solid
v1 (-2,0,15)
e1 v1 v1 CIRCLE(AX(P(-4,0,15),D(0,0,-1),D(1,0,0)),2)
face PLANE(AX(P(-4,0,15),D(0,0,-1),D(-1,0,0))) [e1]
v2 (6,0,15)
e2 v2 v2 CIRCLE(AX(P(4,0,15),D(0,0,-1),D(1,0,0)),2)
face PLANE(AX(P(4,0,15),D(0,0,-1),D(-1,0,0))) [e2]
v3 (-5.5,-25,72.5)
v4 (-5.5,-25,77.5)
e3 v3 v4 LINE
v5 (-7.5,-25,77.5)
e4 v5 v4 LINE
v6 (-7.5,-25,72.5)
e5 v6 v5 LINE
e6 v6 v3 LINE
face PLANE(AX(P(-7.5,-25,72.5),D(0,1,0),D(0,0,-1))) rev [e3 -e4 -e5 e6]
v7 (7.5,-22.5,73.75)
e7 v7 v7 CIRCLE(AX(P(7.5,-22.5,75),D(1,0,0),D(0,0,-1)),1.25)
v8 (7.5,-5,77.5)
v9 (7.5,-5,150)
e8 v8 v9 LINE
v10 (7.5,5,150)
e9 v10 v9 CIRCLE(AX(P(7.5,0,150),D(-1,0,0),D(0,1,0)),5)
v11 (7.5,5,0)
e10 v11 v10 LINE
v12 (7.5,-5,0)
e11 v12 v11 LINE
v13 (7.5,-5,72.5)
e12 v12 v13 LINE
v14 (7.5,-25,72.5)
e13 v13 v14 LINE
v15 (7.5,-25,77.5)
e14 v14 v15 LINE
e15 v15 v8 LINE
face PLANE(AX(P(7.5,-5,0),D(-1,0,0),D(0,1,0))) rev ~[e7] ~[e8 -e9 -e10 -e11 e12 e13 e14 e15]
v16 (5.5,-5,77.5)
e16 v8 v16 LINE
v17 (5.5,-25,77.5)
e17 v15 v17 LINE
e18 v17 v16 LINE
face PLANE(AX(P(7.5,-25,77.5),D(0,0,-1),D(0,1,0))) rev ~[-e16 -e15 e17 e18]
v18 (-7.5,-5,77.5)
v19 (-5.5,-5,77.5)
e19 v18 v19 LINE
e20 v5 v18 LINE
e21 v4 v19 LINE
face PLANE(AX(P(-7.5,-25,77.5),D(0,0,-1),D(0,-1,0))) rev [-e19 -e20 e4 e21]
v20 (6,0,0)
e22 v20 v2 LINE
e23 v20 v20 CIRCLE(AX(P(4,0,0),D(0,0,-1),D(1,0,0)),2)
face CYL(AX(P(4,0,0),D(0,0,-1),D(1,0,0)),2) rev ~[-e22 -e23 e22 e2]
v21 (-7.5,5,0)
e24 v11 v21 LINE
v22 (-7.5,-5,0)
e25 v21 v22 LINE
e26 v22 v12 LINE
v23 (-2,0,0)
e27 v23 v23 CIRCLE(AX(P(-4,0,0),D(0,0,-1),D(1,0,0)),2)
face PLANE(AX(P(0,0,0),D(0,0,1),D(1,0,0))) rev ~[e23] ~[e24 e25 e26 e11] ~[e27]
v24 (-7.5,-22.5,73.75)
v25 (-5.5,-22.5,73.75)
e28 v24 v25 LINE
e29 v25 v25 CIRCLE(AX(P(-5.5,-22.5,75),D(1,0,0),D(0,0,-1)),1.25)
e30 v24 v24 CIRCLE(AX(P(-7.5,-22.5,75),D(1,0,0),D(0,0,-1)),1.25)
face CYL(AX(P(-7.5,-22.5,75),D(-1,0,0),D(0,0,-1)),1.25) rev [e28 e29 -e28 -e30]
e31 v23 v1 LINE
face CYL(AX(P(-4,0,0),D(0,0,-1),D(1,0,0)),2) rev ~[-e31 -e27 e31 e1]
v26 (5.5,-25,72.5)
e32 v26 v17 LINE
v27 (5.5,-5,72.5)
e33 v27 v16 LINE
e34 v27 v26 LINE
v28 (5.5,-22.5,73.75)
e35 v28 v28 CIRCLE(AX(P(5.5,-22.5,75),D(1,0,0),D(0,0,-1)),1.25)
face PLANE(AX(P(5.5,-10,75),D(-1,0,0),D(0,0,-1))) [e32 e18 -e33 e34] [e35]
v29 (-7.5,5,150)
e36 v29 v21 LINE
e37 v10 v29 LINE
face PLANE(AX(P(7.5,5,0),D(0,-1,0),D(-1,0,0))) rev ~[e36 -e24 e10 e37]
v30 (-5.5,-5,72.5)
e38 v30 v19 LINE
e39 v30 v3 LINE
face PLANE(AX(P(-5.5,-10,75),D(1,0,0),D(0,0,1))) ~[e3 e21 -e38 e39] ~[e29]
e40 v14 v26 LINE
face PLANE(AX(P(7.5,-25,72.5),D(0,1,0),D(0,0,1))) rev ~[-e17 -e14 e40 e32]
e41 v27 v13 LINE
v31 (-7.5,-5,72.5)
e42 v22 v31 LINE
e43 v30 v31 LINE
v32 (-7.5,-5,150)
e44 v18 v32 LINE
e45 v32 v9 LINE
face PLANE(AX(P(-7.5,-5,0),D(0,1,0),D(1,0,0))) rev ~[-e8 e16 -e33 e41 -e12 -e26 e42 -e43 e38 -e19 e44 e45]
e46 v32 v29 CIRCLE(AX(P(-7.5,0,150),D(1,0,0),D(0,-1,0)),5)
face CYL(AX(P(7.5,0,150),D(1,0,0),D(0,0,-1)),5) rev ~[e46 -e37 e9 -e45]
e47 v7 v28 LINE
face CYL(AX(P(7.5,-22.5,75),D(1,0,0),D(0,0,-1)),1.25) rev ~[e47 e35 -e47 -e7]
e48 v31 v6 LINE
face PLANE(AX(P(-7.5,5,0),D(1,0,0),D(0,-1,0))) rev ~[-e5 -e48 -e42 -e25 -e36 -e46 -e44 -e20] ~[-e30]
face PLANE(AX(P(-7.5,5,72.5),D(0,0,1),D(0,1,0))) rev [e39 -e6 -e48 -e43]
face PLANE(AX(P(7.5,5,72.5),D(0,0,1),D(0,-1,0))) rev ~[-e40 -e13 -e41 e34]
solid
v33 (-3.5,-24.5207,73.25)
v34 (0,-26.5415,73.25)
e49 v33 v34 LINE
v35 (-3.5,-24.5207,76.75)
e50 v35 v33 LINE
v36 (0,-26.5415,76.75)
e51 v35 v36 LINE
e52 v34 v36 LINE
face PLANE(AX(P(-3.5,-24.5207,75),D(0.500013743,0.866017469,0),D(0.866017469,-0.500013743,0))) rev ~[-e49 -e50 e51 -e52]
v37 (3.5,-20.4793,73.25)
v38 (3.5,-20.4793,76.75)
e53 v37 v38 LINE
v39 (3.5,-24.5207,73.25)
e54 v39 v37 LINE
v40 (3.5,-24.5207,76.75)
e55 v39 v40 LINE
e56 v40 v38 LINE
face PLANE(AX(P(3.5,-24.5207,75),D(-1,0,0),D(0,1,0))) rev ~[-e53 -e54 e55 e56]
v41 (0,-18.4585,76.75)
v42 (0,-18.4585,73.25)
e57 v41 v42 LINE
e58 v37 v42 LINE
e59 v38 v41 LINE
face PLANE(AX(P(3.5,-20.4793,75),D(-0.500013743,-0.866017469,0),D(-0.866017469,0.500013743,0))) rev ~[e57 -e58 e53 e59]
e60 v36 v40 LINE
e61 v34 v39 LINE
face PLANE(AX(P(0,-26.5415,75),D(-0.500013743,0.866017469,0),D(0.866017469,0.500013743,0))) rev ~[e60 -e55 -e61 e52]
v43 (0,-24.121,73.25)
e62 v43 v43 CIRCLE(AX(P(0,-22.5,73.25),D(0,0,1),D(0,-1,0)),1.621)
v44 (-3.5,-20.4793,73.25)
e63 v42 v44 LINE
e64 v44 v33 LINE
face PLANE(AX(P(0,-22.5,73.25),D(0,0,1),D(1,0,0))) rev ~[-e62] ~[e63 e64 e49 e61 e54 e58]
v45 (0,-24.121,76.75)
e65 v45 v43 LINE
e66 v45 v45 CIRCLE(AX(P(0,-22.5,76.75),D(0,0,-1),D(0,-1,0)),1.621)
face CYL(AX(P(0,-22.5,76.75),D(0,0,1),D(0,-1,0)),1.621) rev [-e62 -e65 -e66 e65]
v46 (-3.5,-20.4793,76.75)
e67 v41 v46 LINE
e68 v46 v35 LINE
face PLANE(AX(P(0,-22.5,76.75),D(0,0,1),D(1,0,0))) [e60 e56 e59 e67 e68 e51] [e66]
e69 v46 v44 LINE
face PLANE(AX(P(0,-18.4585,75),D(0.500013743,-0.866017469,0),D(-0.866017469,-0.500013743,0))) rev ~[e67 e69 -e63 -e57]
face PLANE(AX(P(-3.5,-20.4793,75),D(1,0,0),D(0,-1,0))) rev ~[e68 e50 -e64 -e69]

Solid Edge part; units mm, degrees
sketch "Sketch1" plane through (0, 0, 0) normal (0, 0, 1) x (1, 0, 0)
  line L0 (-7.5, -5) -> (7.5, -5)
  line L1 (7.5, -5) -> (7.5, 5)
  line L2 (7.5, 5) -> (-7.5, 5)
  line L3 (-7.5, 5) -> (-7.5, -5)
extrude "Protrusion1" add sketch "Sketch1" along normal blind 150
sketch "Sketch2" plane through (7.5, 0, 75) normal (1, 0, 0) x (0, 0, -1)
  circle A0 centre (-75, 0) radius 5
extrude "Cutout1" cut sketch "Sketch2" against normal up to next
sketch "Sketch3" plane through (7.5, 0, 75) normal (1, 0, 0) x (0, 0, -1)
  line L0 (0, 5) -> (2.5, 5)
  line L1 (2.5, 5) -> (2.5, -25)
  line L2 (2.5, -25) -> (-2.5, -25)
  line L3 (-2.5, -25) -> (-2.5, 5)
  line L4 (-2.5, 5) -> (0, 5)
extrude "Wyciągnięcie_9" add sketch "Sketch3" against normal blind 2
mirror "Mirror1" about plane through (0, 0, 36.25) normal (1, 0, 0) of "Wyciągnięcie_9"
sketch "Sketch4" plane through (7.5, -10, 75) normal (1, 0, 0) x (0, 0, -1)
  circle A0 centre (0, -12.5) radius 1.25
  dimension "D1" = 2.5
extrude "Cutout2" cut sketch "Sketch4" against normal up to next
mirror "Mirror2" about plane through (0, -10, 75) normal (1, 0, 0) of "Cutout2"
sketch "Sketch5" plane through (-6.5, -15, 75) normal (0, 0, 1) x (0, -1, 0)
  line L0 (9.5207, 3) -> (11.5415, 6.5)
  line L1 (11.5415, 6.5) -> (9.5207, 10)
  line L2 (9.5207, 10) -> (5.4793, 10)
  line L3 (5.4793, 10) -> (3.4585, 6.5)
  line L4 (3.4585, 6.5) -> (5.4793, 3)
  line L5 (5.4793, 3) -> (9.5207, 3)
extrude "Wyciągnięcie_11" add sketch "Sketch5" along normal mid plane 3.5
hole "Otwór_4" at (0, -22.5, 76.75) direction (0, 0, -1) diameter 3.242 end up to next
sketch "Sketch6" plane through (0, 0, 0) normal (0, 0, -1) x (1, 0, 0)
  circle A0 centre (-4, 0) radius 2
  circle A1 centre (4, 0) radius 2
  dimension "D1" = 4
  dimension "D2" = 4
extrude "Wycięcie_10" cut sketch "Sketch6" against normal blind 15
